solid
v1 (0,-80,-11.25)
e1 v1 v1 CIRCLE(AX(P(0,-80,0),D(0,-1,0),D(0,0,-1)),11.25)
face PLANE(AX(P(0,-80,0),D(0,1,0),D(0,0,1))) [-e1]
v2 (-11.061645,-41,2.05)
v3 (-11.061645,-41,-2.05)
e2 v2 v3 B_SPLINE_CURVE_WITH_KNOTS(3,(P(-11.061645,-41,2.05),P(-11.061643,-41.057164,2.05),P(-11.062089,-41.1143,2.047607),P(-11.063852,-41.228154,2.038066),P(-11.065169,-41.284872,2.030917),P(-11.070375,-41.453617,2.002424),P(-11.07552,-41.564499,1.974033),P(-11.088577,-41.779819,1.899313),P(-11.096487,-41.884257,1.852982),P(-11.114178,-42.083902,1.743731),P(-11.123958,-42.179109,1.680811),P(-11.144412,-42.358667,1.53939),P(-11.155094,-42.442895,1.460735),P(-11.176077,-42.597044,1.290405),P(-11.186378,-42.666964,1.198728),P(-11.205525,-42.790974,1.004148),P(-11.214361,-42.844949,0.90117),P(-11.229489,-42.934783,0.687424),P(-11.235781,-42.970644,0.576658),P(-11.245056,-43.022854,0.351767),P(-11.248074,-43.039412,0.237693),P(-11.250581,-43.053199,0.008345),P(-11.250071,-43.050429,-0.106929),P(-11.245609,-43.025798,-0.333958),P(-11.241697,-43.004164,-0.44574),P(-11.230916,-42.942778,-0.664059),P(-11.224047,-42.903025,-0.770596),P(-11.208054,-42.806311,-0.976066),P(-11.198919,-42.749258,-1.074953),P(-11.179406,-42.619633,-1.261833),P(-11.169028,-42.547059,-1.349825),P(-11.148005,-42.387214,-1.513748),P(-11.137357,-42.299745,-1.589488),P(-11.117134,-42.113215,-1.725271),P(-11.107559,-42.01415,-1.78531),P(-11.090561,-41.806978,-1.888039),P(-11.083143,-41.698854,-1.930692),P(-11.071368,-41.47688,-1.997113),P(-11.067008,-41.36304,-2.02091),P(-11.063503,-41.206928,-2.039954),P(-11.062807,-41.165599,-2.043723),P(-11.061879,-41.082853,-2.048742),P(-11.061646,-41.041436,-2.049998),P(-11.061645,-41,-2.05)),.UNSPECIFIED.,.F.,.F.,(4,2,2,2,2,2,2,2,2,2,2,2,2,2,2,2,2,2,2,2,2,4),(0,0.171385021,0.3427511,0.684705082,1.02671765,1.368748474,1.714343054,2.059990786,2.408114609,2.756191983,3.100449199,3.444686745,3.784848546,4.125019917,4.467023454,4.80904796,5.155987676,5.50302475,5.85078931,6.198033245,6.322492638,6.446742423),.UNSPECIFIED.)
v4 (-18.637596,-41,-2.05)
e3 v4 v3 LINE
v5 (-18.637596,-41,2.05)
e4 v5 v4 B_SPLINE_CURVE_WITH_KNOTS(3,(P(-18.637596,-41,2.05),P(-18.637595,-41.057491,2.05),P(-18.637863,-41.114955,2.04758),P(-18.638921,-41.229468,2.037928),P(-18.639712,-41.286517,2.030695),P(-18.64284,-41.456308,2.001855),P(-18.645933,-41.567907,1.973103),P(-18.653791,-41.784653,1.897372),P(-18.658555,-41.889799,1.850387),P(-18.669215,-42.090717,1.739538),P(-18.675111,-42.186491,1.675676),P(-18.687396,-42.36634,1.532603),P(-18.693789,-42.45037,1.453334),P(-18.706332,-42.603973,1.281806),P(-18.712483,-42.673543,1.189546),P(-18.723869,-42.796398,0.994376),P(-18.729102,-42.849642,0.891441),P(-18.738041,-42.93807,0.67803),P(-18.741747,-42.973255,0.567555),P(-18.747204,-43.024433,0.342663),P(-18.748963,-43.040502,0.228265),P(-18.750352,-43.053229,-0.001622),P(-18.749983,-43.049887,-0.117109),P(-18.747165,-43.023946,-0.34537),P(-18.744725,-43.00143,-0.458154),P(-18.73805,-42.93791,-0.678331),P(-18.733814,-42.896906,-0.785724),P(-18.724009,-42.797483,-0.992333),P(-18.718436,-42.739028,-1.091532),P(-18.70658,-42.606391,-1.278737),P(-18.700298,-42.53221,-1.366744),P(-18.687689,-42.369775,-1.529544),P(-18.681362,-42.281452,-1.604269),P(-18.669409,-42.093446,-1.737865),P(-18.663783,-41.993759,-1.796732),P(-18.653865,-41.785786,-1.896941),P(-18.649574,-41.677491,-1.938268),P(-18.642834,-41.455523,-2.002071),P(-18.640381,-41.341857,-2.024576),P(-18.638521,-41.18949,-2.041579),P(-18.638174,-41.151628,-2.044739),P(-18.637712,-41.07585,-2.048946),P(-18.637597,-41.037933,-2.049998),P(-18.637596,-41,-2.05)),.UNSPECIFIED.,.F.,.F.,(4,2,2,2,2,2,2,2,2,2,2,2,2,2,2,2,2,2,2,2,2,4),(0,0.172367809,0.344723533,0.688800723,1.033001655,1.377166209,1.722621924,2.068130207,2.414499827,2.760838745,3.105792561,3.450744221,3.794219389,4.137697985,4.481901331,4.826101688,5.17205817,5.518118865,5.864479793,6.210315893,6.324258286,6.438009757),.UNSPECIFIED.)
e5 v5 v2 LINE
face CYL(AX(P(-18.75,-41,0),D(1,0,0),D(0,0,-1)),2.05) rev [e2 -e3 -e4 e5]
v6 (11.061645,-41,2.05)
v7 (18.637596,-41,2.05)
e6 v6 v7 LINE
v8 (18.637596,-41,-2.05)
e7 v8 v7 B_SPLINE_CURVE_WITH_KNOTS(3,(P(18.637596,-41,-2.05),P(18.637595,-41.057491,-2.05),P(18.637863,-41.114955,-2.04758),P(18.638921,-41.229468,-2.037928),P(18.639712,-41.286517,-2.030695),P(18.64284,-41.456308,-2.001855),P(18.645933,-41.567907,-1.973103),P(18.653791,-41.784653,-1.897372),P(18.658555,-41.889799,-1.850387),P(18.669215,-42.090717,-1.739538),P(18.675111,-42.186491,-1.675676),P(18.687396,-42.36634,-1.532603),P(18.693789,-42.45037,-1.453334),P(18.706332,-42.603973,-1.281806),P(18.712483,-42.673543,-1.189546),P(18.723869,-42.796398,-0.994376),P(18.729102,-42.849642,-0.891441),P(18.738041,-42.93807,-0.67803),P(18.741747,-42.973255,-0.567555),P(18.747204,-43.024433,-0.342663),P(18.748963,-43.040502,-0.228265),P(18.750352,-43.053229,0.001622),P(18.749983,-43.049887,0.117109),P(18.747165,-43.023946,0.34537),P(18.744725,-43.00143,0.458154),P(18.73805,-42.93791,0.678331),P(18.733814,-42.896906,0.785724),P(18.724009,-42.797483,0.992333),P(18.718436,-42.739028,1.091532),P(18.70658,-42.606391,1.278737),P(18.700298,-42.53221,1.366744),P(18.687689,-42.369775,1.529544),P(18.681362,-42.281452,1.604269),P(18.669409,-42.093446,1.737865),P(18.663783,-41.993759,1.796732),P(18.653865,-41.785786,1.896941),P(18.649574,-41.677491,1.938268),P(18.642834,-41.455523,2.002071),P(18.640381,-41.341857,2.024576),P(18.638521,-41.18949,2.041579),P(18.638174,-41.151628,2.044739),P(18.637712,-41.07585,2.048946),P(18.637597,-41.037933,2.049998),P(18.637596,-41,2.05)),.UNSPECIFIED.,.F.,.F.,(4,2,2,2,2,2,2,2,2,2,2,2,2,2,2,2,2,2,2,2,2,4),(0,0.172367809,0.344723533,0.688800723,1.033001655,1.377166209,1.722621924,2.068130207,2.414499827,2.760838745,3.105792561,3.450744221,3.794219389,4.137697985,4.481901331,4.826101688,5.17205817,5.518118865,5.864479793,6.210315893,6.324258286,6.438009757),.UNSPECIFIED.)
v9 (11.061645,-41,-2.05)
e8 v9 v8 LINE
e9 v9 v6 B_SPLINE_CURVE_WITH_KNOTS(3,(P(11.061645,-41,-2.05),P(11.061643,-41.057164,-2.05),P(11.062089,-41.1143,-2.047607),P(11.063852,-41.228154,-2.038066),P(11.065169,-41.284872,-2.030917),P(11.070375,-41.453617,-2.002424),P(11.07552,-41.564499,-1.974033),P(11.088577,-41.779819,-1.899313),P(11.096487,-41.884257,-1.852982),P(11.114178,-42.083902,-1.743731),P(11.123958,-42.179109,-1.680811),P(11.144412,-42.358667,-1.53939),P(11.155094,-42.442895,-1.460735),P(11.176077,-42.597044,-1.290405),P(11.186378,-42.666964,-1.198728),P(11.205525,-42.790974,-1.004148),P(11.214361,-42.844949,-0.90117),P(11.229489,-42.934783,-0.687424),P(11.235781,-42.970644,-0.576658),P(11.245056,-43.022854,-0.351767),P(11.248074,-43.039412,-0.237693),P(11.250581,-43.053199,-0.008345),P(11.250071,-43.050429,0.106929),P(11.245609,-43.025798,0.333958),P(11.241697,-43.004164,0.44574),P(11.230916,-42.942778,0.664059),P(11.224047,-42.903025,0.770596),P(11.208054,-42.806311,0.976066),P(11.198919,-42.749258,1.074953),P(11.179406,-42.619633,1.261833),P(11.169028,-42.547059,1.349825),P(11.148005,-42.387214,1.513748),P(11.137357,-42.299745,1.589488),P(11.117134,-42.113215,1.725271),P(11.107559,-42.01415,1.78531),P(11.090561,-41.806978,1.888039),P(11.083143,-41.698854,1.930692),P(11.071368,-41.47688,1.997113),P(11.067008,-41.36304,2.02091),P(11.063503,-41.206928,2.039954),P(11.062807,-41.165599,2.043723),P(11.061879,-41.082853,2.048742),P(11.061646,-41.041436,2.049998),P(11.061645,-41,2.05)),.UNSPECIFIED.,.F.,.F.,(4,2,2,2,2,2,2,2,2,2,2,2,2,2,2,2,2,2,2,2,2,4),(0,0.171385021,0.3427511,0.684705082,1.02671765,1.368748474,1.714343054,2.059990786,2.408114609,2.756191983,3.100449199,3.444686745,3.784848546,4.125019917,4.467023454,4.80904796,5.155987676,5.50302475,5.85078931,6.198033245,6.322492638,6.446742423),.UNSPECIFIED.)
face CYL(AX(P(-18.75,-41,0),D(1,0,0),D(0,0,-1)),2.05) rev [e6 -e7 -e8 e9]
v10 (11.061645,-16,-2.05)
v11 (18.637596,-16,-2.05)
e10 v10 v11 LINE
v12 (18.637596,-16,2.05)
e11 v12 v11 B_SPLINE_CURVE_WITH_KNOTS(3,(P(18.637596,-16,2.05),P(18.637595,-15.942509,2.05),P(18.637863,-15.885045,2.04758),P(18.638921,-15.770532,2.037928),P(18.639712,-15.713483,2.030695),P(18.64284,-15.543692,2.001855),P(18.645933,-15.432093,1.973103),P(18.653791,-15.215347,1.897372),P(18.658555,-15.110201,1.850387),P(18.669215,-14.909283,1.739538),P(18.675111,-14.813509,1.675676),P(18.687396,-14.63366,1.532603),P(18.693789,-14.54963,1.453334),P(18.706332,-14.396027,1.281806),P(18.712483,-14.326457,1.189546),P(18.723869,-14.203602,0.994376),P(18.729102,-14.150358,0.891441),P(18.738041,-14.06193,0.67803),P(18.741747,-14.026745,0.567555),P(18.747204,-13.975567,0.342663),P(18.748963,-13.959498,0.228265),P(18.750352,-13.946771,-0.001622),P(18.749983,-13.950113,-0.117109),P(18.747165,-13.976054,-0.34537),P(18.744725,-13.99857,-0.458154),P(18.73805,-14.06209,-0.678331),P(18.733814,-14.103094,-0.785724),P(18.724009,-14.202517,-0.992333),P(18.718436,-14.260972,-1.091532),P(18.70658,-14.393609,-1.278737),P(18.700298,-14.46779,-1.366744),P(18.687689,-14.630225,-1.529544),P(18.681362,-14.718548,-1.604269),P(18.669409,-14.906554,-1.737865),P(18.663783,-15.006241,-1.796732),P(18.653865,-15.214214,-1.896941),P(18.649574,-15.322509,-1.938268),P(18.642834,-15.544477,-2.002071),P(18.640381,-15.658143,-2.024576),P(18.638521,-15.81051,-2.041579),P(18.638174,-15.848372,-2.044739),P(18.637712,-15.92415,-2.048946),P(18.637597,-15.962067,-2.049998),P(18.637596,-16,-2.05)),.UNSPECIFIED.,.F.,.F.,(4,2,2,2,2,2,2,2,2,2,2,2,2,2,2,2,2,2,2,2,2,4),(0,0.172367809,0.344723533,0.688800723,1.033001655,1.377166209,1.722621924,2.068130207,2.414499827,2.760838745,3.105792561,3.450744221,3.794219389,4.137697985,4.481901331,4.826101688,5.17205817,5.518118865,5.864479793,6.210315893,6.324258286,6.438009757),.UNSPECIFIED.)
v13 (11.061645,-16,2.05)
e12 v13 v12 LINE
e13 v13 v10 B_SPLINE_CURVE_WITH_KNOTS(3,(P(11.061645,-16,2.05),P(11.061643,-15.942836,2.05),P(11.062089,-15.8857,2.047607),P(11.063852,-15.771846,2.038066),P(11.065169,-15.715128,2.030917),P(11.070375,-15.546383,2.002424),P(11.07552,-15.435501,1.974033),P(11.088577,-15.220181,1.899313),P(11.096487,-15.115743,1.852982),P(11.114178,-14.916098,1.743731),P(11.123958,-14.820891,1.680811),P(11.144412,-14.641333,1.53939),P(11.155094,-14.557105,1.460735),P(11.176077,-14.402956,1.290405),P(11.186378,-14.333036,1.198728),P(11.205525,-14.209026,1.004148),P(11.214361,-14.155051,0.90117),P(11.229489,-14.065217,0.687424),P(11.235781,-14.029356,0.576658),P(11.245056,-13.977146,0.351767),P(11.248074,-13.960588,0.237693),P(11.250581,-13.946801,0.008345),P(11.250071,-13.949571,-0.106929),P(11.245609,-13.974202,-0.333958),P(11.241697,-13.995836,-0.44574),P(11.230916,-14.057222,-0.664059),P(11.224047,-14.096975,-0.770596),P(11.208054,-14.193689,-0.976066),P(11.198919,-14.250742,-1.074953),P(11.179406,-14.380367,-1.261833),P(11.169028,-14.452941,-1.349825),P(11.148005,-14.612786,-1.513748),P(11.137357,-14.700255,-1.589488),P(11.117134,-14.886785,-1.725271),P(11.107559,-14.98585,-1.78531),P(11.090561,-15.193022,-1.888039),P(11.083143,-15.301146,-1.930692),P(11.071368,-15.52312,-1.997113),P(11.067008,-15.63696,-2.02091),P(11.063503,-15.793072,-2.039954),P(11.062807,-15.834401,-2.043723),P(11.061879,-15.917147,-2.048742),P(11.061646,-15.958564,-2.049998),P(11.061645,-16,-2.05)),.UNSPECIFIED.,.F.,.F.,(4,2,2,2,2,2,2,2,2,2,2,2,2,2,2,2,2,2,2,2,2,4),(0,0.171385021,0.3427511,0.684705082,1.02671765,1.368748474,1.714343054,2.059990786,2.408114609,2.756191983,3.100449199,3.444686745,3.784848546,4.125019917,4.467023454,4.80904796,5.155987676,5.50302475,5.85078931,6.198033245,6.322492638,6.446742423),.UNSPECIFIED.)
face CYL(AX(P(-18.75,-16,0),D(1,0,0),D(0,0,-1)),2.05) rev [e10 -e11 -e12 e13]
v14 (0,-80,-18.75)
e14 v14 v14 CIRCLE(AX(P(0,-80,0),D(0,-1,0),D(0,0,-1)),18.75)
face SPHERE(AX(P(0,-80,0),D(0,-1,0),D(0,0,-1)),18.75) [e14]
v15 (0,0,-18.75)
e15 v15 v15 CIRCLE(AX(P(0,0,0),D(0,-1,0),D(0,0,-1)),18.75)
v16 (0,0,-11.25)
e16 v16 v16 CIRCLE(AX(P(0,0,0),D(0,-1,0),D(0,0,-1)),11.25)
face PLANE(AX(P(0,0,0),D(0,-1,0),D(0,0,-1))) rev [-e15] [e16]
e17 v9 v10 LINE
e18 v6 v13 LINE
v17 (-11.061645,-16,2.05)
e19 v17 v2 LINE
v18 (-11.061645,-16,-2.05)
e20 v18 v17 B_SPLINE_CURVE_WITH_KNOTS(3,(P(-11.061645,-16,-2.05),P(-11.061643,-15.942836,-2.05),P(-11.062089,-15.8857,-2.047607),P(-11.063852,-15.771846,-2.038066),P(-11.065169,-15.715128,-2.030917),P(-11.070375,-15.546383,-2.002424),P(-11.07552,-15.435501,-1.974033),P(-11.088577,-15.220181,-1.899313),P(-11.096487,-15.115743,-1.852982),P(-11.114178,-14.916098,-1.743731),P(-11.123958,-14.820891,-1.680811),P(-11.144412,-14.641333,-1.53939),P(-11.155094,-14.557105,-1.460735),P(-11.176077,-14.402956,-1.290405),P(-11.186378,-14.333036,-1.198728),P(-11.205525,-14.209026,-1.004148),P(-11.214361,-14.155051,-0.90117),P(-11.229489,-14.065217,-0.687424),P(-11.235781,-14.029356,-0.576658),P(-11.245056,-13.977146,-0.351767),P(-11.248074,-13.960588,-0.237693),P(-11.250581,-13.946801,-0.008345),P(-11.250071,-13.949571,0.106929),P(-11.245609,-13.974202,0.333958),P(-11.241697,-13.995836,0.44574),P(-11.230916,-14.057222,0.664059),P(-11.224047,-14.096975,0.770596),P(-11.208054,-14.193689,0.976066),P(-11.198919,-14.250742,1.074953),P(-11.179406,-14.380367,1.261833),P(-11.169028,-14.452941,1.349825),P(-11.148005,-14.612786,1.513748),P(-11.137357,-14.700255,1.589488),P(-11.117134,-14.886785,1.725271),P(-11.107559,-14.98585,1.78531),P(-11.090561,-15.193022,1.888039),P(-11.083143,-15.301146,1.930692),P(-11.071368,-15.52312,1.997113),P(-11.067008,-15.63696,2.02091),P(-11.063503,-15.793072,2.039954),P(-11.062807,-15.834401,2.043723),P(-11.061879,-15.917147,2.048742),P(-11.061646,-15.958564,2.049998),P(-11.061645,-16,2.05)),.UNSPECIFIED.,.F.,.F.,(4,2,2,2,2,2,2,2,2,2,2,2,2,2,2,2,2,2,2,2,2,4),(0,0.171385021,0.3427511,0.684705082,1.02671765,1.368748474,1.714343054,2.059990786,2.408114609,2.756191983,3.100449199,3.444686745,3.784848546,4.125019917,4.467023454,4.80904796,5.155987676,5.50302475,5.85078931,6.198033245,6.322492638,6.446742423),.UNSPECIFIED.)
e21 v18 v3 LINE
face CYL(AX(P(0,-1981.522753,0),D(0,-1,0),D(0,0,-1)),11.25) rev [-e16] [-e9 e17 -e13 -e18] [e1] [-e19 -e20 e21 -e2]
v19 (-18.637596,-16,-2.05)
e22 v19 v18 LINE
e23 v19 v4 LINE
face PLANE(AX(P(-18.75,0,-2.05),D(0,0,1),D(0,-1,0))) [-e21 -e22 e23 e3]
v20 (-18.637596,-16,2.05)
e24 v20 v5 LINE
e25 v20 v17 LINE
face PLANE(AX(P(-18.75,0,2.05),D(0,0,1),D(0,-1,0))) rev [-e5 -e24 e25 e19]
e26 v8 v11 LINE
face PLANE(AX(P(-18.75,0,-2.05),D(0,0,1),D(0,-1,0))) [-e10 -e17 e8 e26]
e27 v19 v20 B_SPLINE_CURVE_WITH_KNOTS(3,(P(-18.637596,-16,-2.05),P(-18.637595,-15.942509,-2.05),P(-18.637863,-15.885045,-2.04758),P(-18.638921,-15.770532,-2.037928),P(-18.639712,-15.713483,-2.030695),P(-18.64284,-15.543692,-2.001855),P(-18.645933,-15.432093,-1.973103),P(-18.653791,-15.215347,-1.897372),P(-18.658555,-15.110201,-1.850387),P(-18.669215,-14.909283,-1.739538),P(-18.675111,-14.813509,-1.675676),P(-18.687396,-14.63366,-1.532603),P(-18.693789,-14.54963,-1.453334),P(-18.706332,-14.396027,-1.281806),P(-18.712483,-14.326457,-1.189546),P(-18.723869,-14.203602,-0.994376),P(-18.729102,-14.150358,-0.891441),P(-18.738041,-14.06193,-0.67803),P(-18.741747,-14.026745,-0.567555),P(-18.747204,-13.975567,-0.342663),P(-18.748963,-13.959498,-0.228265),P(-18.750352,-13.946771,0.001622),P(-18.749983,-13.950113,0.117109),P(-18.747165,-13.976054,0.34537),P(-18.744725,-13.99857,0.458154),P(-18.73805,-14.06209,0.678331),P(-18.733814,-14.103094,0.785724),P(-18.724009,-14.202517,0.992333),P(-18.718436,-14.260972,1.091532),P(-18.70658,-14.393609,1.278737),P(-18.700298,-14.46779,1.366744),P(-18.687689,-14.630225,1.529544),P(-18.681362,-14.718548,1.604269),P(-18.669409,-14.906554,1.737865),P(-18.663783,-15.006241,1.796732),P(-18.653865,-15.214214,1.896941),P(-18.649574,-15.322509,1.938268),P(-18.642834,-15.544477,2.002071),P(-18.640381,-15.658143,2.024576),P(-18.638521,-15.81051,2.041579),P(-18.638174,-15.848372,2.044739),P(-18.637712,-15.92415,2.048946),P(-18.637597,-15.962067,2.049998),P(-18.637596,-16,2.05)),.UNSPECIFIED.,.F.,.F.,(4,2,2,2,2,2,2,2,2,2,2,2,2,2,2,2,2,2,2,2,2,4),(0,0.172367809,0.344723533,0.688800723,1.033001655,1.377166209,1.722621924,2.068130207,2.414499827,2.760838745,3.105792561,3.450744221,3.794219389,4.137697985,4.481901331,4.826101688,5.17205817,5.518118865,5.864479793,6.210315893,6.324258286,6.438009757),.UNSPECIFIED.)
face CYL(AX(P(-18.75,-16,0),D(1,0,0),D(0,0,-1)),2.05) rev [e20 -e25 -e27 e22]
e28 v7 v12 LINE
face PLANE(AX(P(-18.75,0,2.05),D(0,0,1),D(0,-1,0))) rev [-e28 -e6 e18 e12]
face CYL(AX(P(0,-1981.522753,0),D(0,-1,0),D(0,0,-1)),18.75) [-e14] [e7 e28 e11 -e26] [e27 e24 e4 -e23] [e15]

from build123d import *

# Parameters (mm, degrees)
CUT_EXTRUDE1_DEPTH      = 19.75
CUT_EXTRUDE1_DEPTH_BACK = 19.75


with BuildPart() as part:
    # Sketch1 → Revolve1 (revolve)
    with BuildSketch(Plane(origin=(0, 0, 0), x_dir=(0, 0, -1), z_dir=(1, 0, 0))):
        with BuildLine():
            ThreePointArc((18.75, -80), (13.258252147, -93.258252147), (0, -98.75))
            Line((0, -98.75), (0, -80))
            Line((0, -80), (11.25, -80))
            Line((11.25, -80), (11.25, 0))
            Line((11.25, 0), (18.75, 0))
            Line((18.75, 0), (18.75, -80))
        make_face()
    revolve(axis=Axis((0, -1981.522753143, 0), (0, 1, 0)))

    # Sketch1<3> → Cut-Extrude1 (cut, two sides)
    with BuildSketch(Plane(origin=(0, 0, 0), x_dir=(0, 0, -1), z_dir=(1, 0, 0))) as cut_extrude1_sk:
        with BuildLine():
            Line((-2.05, -16), (-2.05, -41))
            ThreePointArc((-2.05, -41), (0, -43.05), (2.05, -41))
            Line((2.05, -41), (2.05, -16))
            ThreePointArc((2.05, -16), (0, -13.95), (-2.05, -16))
        make_face()
    extrude(amount=CUT_EXTRUDE1_DEPTH, mode=Mode.SUBTRACT)
    extrude(cut_extrude1_sk.sketch, amount=-CUT_EXTRUDE1_DEPTH_BACK, mode=Mode.SUBTRACT)


solid = part.part
